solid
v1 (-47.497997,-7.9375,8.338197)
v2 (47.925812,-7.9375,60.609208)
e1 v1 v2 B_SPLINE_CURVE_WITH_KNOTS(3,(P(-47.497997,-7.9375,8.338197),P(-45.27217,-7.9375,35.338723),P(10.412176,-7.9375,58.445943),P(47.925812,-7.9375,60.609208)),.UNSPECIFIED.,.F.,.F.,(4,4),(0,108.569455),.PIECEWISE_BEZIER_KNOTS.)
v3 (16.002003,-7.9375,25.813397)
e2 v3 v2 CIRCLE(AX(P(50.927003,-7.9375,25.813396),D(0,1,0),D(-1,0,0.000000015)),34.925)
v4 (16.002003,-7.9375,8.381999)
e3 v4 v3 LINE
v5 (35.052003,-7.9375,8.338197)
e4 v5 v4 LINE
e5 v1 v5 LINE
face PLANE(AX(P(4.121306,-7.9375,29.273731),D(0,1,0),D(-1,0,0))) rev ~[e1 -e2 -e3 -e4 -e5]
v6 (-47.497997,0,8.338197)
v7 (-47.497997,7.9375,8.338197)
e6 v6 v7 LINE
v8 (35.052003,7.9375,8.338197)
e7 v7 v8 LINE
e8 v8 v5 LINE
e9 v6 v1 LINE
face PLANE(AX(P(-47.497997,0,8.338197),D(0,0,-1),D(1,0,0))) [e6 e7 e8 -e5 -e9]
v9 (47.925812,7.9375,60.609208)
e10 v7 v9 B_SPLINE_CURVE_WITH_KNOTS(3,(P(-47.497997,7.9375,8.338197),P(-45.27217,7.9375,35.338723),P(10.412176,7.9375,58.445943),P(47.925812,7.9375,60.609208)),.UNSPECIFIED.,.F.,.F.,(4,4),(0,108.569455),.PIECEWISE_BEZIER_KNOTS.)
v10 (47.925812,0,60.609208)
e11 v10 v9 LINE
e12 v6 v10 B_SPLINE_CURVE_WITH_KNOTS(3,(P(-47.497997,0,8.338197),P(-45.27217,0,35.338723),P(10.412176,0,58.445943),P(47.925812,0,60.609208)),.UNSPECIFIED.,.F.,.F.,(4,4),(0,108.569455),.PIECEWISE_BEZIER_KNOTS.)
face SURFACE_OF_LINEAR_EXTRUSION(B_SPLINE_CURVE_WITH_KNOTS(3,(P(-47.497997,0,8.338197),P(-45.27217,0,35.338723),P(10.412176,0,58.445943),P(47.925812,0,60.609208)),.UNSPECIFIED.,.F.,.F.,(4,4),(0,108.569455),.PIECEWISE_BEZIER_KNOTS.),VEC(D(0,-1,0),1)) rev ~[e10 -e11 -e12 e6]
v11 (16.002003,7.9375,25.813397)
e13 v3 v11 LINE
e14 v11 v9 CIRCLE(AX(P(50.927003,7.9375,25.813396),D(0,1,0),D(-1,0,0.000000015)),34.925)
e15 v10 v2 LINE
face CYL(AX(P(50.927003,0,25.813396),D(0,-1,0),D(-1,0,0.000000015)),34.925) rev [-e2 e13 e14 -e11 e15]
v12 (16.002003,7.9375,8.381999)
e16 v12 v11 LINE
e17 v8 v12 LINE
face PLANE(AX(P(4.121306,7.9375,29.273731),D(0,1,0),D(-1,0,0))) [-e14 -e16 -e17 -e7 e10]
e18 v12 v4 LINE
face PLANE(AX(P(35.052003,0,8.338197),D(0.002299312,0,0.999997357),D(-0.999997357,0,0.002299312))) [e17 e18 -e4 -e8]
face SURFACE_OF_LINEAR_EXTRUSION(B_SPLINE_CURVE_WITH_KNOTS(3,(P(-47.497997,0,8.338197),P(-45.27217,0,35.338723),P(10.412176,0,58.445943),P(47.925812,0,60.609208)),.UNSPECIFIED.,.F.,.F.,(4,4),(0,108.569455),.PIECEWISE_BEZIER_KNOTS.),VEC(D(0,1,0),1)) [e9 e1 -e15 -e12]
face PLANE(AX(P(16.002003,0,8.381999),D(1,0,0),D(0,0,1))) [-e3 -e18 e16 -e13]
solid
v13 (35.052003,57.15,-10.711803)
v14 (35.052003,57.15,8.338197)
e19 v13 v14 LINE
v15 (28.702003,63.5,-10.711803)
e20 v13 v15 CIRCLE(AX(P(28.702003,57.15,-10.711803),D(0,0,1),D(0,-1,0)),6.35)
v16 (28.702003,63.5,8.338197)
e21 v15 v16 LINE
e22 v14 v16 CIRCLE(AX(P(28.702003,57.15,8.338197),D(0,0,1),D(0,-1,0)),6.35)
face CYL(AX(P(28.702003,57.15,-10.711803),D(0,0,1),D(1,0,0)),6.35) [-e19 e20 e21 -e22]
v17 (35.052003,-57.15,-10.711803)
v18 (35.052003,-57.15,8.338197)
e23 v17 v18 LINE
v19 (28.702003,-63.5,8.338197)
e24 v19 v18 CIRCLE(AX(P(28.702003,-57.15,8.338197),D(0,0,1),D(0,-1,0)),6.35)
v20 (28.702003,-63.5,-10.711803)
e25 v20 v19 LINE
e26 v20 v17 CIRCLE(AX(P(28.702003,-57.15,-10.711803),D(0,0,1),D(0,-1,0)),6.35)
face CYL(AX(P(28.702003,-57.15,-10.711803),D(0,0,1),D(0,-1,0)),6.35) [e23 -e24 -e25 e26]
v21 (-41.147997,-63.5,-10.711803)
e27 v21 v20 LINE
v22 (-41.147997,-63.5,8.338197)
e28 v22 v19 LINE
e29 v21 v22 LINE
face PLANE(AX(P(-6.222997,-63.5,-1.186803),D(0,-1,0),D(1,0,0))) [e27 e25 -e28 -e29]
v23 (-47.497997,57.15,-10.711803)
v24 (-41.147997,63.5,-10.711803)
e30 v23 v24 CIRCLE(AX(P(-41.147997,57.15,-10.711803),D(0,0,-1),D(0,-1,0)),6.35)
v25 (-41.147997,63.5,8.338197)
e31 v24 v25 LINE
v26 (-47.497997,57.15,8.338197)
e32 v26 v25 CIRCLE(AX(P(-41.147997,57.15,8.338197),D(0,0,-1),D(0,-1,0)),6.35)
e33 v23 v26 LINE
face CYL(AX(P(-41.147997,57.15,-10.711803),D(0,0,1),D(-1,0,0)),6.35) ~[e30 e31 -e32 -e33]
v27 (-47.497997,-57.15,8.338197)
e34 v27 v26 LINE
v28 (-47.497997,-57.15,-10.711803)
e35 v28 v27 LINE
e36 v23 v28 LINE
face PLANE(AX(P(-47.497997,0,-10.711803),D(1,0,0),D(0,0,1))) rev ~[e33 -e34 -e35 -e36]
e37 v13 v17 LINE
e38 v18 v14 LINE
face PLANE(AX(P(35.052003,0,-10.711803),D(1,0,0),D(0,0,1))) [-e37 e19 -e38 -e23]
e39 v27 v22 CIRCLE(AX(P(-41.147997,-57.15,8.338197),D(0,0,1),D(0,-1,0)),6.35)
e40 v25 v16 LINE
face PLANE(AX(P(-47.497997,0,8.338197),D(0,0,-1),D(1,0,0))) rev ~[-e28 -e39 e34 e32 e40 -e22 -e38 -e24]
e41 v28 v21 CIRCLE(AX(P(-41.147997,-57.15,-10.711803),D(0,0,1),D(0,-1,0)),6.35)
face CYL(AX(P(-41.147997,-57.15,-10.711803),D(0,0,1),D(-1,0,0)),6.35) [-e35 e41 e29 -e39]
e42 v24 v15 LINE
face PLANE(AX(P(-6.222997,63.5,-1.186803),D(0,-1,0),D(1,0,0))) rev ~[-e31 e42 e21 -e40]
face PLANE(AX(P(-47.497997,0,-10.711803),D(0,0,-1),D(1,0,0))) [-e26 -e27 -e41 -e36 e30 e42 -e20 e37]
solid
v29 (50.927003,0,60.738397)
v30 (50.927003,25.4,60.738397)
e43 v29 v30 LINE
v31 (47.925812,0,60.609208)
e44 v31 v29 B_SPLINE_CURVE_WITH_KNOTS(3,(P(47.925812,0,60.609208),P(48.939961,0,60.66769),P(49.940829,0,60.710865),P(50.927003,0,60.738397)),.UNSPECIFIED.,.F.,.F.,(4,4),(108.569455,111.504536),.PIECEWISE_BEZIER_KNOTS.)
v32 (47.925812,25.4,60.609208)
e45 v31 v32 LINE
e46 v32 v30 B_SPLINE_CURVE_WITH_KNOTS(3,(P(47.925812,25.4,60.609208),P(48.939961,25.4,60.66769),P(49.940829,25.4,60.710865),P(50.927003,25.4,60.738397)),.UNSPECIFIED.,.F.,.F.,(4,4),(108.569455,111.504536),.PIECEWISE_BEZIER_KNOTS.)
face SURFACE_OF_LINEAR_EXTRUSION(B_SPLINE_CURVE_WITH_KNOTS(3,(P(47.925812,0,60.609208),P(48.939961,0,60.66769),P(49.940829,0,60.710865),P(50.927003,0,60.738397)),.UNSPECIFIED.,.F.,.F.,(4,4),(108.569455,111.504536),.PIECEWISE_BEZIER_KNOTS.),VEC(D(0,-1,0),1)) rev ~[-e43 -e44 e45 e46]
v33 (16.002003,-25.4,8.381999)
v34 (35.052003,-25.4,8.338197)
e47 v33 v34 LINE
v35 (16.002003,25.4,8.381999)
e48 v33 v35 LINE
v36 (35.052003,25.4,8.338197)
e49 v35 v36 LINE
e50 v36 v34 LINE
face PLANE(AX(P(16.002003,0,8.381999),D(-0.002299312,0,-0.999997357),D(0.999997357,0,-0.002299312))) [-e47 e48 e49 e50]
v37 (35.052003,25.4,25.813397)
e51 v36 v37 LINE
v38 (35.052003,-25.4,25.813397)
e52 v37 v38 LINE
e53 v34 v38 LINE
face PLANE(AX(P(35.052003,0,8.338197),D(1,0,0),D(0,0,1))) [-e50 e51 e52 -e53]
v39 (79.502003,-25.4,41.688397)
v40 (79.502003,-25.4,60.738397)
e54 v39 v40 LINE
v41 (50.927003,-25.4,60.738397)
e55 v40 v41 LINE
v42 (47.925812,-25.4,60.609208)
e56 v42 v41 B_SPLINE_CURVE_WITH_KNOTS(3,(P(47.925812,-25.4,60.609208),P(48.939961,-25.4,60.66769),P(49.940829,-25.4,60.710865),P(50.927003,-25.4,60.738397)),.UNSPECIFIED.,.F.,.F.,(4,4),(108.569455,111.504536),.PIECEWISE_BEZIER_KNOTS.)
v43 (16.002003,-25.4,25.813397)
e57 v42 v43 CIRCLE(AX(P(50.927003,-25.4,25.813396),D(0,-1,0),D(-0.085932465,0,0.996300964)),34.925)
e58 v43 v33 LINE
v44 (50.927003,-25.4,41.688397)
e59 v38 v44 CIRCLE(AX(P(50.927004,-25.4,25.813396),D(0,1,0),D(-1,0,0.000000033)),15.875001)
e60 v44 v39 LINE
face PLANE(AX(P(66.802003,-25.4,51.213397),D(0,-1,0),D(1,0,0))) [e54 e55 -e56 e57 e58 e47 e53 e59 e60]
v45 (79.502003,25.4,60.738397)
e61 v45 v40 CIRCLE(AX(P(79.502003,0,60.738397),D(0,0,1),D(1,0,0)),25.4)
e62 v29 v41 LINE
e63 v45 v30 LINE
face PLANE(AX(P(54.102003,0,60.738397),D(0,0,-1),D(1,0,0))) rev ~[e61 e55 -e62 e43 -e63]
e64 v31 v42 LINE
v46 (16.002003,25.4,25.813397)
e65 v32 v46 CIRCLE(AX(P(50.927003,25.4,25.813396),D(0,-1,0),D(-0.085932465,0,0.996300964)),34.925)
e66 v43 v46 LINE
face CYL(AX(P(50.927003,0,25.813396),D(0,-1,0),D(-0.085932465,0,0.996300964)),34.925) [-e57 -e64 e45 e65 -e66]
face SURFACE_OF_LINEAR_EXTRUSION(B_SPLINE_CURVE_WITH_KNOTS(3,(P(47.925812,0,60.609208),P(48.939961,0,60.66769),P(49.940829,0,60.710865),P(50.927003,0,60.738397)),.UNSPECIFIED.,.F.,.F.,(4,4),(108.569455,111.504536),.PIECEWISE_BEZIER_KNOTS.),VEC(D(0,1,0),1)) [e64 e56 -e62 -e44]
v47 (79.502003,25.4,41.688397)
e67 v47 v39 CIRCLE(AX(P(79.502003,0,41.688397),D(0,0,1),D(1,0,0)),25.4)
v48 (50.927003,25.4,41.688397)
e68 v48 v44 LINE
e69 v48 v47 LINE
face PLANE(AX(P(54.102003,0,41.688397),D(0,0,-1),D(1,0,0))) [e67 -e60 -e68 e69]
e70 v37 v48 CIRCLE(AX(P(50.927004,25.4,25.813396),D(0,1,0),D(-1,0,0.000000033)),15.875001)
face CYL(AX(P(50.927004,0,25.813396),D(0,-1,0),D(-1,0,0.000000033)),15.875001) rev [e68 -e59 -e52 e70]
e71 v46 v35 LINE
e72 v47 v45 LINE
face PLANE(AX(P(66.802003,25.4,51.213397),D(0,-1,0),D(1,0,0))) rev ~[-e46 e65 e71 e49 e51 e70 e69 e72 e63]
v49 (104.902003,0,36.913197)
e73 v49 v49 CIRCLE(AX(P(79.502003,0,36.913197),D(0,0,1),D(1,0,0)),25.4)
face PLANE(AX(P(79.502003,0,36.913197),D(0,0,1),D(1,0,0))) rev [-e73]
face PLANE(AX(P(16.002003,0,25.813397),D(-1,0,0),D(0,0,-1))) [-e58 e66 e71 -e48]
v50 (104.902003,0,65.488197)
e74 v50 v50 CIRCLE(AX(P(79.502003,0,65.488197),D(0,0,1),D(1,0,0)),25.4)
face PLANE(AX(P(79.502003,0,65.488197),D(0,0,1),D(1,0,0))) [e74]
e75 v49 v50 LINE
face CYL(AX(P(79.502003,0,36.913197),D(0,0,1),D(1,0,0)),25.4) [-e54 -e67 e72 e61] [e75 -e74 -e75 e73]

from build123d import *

# Parameters (mm, degrees)
F0_W     = 82.55
F0_H     = 19.05
F1_DEPTH = 63.5
F2_DEPTH = 25.4
F3_DEPTH = 7.9375
F0_W_2   = 25.4
F4_DEPTH = 25.4
F6_R     = 6.35


with BuildPart() as f1:
    # F0 (on Front) → F1 (new body, symmetric)
    with BuildSketch(Plane.XZ):
        with Locations((-6.222997, -1.186803)):
            Rectangle(F0_W, F0_H)
    extrude(amount=F1_DEPTH, both=True)

    # F6
    f6_edges = [f1.edges().sort_by_distance(p)[0] for p in [
        (-47.497997, -63.5, -1.186803),
        (35.052003, -63.5, -1.186803),
        (35.052003, 63.5, -1.186803),
        (-47.497997, 63.5, -1.186803),
    ]]
    fillet(f6_edges, radius=F6_R)


with BuildPart() as f2:
    # F0 (on Front) → F2 (new body, symmetric)
    with BuildSketch(Plane.XZ):
        with BuildLine():
            Line((16.002003, 8.381999), (35.052003, 8.338197))
            Line((35.052003, 8.338197), (35.052003, 25.813397))
            ThreePointArc((35.052003, 25.813397), (39.701683, 37.038717), (50.927003, 41.688397))
            Line((50.927003, 41.688397), (54.102003, 41.688397))
            Line((54.102003, 41.688397), (54.102003, 60.738397))
            Line((54.102003, 60.738397), (50.927003, 60.738397))
            add(Edge.make_bspline(
                [(47.925812, 60.609208), (48.939961, 60.66769), (49.940829, 60.710865), (50.927003, 60.738397)],
                knots=[108.569455, 108.569455, 108.569455, 108.569455, 111.504536, 111.504536, 111.504536, 111.504536], degree=3))
            ThreePointArc((47.925812, 60.609208), (25.192083, 49.424189), (16.002003, 25.813397))
            Line((16.002003, 25.813397), (16.002003, 8.381999))
        make_face()
    extrude(amount=F2_DEPTH, both=True)

    # F0 (on Front) → F4 (join, symmetric)
    with BuildSketch(Plane.XZ):
        with Locations((66.802003, 51.213397)):
            Rectangle(F0_W_2, F0_H)
    extrude(amount=F4_DEPTH, both=True)

    # F0 (on Front) → F5 (revolve)
    with BuildSketch(Plane.XZ):
        Polygon((79.502003, 65.488197), (79.502003, 60.738397), (79.502003, 41.688397), (79.502003, 36.913197), (104.902003, 36.913197), (104.902003, 65.488197), align=None)
    revolve(axis=Axis((79.502003, 0, 39.300797), (0, 0, 1)))


with BuildPart() as f3:
    # F0 (on Front) → F3 (new body, symmetric)
    with BuildSketch(Plane.XZ):
        with BuildLine():
            add(Edge.make_bspline(
                [(-47.497997, 8.338197), (-45.27217, 35.338723), (10.412176, 58.445943), (47.925812, 60.609208)],
                knots=[0, 0, 0, 0, 108.569455, 108.569455, 108.569455, 108.569455], degree=3))
            Line((-47.497997, 8.338197), (35.052003, 8.338197))
            Line((35.052003, 8.338197), (16.002003, 8.381999))
            Line((16.002003, 8.381999), (16.002003, 25.813397))
            ThreePointArc((16.002003, 25.813397), (25.192083, 49.424189), (47.925812, 60.609208))
        make_face()
    extrude(amount=F3_DEPTH, both=True)


solid = Compound([f1.part, f2.part, f3.part])
